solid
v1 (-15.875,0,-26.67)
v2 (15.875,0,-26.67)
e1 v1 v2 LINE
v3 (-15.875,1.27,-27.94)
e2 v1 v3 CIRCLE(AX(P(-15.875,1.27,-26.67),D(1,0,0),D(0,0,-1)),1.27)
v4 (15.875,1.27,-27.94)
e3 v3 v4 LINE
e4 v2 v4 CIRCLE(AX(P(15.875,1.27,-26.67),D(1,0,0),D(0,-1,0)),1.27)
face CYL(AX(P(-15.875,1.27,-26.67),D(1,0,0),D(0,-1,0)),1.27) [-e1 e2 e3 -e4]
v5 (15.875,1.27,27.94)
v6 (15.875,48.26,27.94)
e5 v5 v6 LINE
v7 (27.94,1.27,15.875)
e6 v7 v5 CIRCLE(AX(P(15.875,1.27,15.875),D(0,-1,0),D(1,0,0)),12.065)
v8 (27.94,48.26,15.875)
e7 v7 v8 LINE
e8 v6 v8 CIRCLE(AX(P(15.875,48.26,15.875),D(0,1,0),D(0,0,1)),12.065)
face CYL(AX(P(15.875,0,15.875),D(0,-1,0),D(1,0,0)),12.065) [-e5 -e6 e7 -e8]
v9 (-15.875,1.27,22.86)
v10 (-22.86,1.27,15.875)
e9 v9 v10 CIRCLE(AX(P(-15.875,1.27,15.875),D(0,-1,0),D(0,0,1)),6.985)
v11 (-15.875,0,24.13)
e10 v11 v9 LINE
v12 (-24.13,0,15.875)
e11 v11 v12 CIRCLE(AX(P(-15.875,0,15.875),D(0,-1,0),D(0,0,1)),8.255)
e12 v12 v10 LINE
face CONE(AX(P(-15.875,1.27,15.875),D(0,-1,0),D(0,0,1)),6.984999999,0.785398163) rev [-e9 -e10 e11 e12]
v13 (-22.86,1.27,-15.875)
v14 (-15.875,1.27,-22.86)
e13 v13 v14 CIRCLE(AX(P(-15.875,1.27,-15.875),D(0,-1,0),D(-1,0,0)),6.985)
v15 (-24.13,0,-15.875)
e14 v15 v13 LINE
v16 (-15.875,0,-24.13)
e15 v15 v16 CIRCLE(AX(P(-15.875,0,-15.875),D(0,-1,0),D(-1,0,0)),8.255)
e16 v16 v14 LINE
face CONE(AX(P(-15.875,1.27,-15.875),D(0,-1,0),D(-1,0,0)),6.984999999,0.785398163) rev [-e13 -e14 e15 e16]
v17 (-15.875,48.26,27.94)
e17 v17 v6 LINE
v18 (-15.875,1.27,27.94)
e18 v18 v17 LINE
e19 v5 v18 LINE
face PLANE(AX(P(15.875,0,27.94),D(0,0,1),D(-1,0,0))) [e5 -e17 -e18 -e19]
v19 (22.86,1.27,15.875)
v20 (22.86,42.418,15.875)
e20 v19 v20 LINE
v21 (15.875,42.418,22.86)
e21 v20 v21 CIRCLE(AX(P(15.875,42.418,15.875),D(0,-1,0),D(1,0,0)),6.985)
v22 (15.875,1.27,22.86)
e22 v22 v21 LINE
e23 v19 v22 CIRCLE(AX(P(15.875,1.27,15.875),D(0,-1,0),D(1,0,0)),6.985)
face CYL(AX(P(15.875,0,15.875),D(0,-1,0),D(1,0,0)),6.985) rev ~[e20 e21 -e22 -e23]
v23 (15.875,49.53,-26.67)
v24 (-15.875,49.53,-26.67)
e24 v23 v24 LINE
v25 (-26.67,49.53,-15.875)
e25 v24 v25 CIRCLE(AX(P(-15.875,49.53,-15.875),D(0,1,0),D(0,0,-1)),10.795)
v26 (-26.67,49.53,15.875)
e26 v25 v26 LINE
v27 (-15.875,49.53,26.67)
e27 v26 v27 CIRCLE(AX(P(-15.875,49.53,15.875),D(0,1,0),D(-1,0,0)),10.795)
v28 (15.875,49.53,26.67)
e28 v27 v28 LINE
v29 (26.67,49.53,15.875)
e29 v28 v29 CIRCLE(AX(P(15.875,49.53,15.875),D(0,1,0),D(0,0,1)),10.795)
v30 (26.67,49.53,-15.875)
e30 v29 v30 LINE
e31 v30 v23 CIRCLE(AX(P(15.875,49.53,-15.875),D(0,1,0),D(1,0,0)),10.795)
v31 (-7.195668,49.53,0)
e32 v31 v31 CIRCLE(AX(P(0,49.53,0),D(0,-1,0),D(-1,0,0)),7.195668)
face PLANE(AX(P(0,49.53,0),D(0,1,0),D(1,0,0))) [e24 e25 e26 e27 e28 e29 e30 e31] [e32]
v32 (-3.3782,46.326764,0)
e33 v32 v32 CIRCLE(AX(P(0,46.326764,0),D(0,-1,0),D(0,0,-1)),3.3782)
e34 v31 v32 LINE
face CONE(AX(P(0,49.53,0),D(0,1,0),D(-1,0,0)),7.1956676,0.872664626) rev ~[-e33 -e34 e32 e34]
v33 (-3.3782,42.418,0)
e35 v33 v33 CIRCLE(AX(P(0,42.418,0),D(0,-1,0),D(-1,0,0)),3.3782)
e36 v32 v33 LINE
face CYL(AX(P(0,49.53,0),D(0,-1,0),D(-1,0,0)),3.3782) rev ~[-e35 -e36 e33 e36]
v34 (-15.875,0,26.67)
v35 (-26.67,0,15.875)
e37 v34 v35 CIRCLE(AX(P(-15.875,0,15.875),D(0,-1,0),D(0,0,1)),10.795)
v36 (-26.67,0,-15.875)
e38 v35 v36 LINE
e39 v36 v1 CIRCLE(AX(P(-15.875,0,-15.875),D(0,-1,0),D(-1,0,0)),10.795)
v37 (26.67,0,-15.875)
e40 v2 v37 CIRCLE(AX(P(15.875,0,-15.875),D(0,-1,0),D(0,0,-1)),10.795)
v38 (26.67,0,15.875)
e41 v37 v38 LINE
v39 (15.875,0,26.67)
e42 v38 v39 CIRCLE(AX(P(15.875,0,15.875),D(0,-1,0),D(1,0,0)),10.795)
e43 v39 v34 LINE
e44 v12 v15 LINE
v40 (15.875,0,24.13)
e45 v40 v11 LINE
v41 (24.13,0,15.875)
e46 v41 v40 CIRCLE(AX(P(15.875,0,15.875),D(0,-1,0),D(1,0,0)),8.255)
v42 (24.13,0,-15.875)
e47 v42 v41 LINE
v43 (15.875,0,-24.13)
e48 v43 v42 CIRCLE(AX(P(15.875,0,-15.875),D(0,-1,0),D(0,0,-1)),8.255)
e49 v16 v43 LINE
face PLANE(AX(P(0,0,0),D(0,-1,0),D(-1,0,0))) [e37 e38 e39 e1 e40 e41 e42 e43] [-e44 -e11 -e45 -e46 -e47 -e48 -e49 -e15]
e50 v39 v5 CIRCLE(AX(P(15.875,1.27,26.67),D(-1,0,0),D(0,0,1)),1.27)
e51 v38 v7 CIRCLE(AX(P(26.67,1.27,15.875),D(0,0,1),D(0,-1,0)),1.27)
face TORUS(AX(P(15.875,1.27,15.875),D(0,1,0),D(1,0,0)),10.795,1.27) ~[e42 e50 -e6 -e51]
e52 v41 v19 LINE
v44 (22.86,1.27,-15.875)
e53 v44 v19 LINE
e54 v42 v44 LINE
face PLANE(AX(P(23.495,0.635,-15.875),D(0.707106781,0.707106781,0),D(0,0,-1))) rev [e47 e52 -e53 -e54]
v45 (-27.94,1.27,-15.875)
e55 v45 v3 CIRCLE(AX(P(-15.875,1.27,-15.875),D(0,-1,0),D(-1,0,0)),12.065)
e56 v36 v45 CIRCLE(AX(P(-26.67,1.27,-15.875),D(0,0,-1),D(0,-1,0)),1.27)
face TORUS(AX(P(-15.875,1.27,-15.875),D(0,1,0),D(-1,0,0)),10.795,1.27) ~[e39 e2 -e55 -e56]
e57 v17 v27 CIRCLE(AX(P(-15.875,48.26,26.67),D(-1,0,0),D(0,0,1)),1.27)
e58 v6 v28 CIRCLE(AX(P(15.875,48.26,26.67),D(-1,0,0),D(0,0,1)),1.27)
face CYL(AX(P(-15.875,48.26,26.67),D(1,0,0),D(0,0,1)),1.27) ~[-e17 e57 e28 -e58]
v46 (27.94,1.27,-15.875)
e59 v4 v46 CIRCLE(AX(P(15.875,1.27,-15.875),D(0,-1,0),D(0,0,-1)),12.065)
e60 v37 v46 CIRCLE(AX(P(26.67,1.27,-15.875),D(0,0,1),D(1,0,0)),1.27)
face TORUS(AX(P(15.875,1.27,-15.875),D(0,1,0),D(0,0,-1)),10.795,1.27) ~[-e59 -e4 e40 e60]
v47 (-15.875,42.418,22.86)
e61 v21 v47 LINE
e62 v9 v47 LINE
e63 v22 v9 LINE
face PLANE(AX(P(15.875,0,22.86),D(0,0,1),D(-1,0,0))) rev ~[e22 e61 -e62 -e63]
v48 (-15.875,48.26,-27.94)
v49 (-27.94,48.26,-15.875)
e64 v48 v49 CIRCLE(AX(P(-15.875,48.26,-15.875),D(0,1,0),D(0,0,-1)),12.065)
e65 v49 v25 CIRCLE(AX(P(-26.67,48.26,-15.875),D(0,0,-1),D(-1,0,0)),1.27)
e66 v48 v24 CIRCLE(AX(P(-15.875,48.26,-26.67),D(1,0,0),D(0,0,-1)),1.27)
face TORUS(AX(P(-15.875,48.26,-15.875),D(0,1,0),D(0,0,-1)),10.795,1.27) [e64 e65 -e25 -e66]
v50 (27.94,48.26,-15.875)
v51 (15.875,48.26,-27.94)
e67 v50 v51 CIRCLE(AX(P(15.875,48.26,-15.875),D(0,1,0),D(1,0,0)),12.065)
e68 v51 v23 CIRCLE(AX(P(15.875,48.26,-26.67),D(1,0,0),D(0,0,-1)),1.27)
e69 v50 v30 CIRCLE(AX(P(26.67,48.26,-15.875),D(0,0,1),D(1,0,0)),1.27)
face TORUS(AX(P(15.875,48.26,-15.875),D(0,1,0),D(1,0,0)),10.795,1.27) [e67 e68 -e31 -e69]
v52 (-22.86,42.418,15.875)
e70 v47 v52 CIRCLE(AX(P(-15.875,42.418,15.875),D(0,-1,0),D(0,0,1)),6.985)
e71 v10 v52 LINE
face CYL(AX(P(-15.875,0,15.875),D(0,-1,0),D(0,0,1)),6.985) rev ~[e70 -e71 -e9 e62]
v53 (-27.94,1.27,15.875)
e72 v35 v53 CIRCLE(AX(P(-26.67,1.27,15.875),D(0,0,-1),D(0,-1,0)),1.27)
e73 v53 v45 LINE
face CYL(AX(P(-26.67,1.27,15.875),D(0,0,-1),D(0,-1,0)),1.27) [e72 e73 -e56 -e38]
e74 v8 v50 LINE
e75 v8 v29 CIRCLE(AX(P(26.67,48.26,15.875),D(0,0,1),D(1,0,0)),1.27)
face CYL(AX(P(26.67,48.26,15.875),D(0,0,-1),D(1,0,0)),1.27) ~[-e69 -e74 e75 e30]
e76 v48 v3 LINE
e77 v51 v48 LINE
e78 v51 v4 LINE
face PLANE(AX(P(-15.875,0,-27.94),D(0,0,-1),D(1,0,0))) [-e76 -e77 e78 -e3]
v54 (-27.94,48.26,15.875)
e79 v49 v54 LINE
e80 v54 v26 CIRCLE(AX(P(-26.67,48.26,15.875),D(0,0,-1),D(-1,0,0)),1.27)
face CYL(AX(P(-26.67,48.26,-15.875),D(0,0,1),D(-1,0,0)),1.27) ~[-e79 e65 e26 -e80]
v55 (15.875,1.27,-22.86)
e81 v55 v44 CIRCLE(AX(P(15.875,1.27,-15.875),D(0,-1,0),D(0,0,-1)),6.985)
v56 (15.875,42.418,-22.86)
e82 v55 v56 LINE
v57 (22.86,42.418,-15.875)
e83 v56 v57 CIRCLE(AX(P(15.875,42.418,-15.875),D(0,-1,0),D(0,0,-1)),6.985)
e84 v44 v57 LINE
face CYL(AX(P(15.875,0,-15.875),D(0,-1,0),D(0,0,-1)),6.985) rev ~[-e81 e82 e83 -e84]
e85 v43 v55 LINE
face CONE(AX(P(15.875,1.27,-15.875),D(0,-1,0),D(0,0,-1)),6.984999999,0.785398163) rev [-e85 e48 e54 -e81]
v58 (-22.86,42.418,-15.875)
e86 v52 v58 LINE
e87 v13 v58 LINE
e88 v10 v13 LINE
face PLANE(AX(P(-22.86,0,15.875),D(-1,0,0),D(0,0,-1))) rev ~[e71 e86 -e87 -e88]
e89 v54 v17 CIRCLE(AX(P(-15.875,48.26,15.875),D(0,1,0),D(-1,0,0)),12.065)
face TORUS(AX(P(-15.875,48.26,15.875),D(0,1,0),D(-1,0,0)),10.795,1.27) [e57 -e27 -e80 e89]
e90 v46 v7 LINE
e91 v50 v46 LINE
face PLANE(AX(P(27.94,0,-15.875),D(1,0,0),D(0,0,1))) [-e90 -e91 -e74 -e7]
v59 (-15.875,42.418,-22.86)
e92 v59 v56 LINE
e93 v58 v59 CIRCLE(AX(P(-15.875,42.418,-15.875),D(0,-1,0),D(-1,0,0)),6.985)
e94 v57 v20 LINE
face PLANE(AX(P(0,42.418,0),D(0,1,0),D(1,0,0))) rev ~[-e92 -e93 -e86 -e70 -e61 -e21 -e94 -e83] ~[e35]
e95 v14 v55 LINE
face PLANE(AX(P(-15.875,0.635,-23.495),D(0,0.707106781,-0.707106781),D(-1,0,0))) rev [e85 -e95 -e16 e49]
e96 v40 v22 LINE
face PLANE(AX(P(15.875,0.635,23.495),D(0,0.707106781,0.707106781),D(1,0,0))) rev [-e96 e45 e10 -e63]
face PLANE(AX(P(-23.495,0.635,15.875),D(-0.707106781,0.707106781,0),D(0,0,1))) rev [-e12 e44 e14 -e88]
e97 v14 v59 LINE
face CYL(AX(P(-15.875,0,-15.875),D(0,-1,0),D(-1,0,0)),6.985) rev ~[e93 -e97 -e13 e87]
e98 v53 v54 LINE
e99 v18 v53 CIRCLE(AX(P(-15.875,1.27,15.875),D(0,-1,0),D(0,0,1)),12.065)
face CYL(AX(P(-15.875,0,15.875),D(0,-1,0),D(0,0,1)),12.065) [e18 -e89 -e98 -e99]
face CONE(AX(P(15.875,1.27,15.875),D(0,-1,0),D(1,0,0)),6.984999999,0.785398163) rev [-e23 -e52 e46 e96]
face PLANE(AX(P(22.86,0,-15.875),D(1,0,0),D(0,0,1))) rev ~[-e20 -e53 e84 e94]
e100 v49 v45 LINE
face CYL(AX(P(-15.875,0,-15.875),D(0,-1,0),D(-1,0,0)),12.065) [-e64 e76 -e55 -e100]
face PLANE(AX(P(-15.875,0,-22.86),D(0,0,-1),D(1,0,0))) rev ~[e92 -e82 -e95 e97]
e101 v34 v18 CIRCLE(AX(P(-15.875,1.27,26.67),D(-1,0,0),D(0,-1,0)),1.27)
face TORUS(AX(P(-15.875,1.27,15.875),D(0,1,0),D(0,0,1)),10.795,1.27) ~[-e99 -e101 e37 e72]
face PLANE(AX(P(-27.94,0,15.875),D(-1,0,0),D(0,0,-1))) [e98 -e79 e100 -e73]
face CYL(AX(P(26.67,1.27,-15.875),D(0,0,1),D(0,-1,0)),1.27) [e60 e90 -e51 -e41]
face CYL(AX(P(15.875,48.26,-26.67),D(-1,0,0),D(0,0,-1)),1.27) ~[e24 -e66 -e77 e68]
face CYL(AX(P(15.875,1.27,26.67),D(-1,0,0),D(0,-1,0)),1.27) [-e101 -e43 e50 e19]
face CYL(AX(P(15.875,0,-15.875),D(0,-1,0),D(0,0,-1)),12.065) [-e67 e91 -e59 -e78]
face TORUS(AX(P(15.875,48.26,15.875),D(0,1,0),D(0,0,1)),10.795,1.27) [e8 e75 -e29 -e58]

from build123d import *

# Parameters (mm, degrees)
BOSS_EXTRUDE1_DEPTH                                 = 6.35
BOSS_EXTRUDE1_DEPTH_BACK                            = 0.762
BOSS_EXTRUDE2_DEPTH                                 = 42.418
CSK_FOR_1_4_FLAT_HEAD_MACHINE_SCREW_100_D           = 6.7564
CSK_FOR_1_4_FLAT_HEAD_MACHINE_SCREW_100_CSINK_D     = 14.3913352
CSK_FOR_1_4_FLAT_HEAD_MACHINE_SCREW_100_CSINK_ANGLE = 100
FILLET1_R                                           = 1.27
CHAMFER1_SIZE                                       = 1.27
FILLET2_R                                           = 1.27


with BuildPart() as part:
    # Sketch2 → Boss-Extrude1 (new, two sides: drawn at the far end of the back side and taken through both)
    with BuildSketch(Plane(origin=(0, 43.18, 0), x_dir=(1, 0, 0), z_dir=(0, 1, 0)).offset(-BOSS_EXTRUDE1_DEPTH_BACK)):
        with BuildLine():
            Line((-27.94, 15.875), (-27.94, -15.875))
            ThreePointArc((-27.94, -15.875), (-24.406243315, -24.406243315), (-15.875, -27.94))
            Line((-15.875, -27.94), (15.875, -27.94))
            ThreePointArc((15.875, -27.94), (24.406243315, -24.406243315), (27.94, -15.875))
            Line((27.94, -15.875), (27.94, 15.875))
            ThreePointArc((27.94, 15.875), (24.406243315, 24.406243315), (15.875, 27.94))
            Line((15.875, 27.94), (-15.875, 27.94))
            ThreePointArc((-15.875, 27.94), (-24.406243315, 24.406243315), (-27.94, 15.875))
        make_face()
    extrude(amount=BOSS_EXTRUDE1_DEPTH + BOSS_EXTRUDE1_DEPTH_BACK)

    # Sketch1 → Boss-Extrude2 (add)
    with BuildSketch(Plane(origin=(0, 0, 0), x_dir=(1, 0, 0), z_dir=(0, 1, 0))):
        with BuildLine():
            Line((-27.94, -15.875), (-27.94, 15.875))
            ThreePointArc((-27.94, 15.875), (-24.406243315, 24.406243315), (-15.875, 27.94))
            Line((-15.875, 27.94), (15.875, 27.94))
            ThreePointArc((15.875, 27.94), (24.406243315, 24.406243315), (27.94, 15.875))
            Line((27.94, 15.875), (27.94, -15.875))
            ThreePointArc((27.94, -15.875), (24.406243315, -24.406243315), (15.875, -27.94))
            Line((15.875, -27.94), (-15.875, -27.94))
            ThreePointArc((-15.875, -27.94), (-24.406243315, -24.406243315), (-27.94, -15.875))
        make_face()
        with BuildLine():
            Line((-22.86, -15.875), (-22.86, 15.875))
            ThreePointArc((-22.86, 15.875), (-20.814140867, 20.814140867), (-15.875, 22.86))
            Line((-15.875, 22.86), (15.875, 22.86))
            ThreePointArc((15.875, 22.86), (20.814140867, 20.814140867), (22.86, 15.875))
            Line((22.86, 15.875), (22.86, -15.875))
            ThreePointArc((22.86, -15.875), (20.814140867, -20.814140867), (15.875, -22.86))
            Line((15.875, -22.86), (-15.875, -22.86))
            ThreePointArc((-15.875, -22.86), (-20.814140867, -20.814140867), (-22.86, -15.875))
        make_face(mode=Mode.SUBTRACT)
    extrude(amount=BOSS_EXTRUDE2_DEPTH)

    # CSK for 1/4 Flat Head Machine Screw (100)1 (through all)
    with Locations(Plane(origin=(0, 49.53, 0), x_dir=(1, 0, 0), z_dir=(0, 1, 0))):
        with Locations((0, 0)):
            CounterSinkHole(CSK_FOR_1_4_FLAT_HEAD_MACHINE_SCREW_100_D / 2, CSK_FOR_1_4_FLAT_HEAD_MACHINE_SCREW_100_CSINK_D / 2, counter_sink_angle=CSK_FOR_1_4_FLAT_HEAD_MACHINE_SCREW_100_CSINK_ANGLE)

    # Fillet1
    fillet1_edges = [part.edges().sort_by_distance(p)[0] for p in [
        (24.406243315, 49.53, 24.406243315),
        (27.94, 49.53, 0),
        (24.406243315, 49.53, -24.406243315),
        (0, 49.53, -27.94),
        (-24.406243315, 49.53, -24.406243315),
        (-27.94, 49.53, 0),
        (-24.406243315, 49.53, 24.406243315),
        (0, 49.53, 27.94),
    ]]
    fillet(fillet1_edges, radius=FILLET1_R)

    # Chamfer1
    chamfer1_edges = [part.edges().sort_by_distance(p)[0] for p in [
        (-22.86, 0, 0),
        (-20.814140867, 0, 20.814140867),
        (0, 0, 22.86),
        (20.814140867, 0, 20.814140867),
        (22.86, 0, 0),
        (20.814140867, 0, -20.814140867),
        (0, 0, -22.86),
        (-20.814140867, 0, -20.814140867),
    ]]
    chamfer(chamfer1_edges, length=CHAMFER1_SIZE)

    # Fillet2
    fillet2_edges = [part.edges().sort_by_distance(p)[0] for p in [
        (-27.94, 0, 0),
        (-24.406243315, 0, -24.406243315),
        (0, 0, -27.94),
        (24.406243315, 0, -24.406243315),
        (27.94, 0, 0),
        (24.406243315, 0, 24.406243315),
        (0, 0, 27.94),
        (-24.406243315, 0, 24.406243315),
    ]]
    fillet(fillet2_edges, radius=FILLET2_R)


solid = part.part
